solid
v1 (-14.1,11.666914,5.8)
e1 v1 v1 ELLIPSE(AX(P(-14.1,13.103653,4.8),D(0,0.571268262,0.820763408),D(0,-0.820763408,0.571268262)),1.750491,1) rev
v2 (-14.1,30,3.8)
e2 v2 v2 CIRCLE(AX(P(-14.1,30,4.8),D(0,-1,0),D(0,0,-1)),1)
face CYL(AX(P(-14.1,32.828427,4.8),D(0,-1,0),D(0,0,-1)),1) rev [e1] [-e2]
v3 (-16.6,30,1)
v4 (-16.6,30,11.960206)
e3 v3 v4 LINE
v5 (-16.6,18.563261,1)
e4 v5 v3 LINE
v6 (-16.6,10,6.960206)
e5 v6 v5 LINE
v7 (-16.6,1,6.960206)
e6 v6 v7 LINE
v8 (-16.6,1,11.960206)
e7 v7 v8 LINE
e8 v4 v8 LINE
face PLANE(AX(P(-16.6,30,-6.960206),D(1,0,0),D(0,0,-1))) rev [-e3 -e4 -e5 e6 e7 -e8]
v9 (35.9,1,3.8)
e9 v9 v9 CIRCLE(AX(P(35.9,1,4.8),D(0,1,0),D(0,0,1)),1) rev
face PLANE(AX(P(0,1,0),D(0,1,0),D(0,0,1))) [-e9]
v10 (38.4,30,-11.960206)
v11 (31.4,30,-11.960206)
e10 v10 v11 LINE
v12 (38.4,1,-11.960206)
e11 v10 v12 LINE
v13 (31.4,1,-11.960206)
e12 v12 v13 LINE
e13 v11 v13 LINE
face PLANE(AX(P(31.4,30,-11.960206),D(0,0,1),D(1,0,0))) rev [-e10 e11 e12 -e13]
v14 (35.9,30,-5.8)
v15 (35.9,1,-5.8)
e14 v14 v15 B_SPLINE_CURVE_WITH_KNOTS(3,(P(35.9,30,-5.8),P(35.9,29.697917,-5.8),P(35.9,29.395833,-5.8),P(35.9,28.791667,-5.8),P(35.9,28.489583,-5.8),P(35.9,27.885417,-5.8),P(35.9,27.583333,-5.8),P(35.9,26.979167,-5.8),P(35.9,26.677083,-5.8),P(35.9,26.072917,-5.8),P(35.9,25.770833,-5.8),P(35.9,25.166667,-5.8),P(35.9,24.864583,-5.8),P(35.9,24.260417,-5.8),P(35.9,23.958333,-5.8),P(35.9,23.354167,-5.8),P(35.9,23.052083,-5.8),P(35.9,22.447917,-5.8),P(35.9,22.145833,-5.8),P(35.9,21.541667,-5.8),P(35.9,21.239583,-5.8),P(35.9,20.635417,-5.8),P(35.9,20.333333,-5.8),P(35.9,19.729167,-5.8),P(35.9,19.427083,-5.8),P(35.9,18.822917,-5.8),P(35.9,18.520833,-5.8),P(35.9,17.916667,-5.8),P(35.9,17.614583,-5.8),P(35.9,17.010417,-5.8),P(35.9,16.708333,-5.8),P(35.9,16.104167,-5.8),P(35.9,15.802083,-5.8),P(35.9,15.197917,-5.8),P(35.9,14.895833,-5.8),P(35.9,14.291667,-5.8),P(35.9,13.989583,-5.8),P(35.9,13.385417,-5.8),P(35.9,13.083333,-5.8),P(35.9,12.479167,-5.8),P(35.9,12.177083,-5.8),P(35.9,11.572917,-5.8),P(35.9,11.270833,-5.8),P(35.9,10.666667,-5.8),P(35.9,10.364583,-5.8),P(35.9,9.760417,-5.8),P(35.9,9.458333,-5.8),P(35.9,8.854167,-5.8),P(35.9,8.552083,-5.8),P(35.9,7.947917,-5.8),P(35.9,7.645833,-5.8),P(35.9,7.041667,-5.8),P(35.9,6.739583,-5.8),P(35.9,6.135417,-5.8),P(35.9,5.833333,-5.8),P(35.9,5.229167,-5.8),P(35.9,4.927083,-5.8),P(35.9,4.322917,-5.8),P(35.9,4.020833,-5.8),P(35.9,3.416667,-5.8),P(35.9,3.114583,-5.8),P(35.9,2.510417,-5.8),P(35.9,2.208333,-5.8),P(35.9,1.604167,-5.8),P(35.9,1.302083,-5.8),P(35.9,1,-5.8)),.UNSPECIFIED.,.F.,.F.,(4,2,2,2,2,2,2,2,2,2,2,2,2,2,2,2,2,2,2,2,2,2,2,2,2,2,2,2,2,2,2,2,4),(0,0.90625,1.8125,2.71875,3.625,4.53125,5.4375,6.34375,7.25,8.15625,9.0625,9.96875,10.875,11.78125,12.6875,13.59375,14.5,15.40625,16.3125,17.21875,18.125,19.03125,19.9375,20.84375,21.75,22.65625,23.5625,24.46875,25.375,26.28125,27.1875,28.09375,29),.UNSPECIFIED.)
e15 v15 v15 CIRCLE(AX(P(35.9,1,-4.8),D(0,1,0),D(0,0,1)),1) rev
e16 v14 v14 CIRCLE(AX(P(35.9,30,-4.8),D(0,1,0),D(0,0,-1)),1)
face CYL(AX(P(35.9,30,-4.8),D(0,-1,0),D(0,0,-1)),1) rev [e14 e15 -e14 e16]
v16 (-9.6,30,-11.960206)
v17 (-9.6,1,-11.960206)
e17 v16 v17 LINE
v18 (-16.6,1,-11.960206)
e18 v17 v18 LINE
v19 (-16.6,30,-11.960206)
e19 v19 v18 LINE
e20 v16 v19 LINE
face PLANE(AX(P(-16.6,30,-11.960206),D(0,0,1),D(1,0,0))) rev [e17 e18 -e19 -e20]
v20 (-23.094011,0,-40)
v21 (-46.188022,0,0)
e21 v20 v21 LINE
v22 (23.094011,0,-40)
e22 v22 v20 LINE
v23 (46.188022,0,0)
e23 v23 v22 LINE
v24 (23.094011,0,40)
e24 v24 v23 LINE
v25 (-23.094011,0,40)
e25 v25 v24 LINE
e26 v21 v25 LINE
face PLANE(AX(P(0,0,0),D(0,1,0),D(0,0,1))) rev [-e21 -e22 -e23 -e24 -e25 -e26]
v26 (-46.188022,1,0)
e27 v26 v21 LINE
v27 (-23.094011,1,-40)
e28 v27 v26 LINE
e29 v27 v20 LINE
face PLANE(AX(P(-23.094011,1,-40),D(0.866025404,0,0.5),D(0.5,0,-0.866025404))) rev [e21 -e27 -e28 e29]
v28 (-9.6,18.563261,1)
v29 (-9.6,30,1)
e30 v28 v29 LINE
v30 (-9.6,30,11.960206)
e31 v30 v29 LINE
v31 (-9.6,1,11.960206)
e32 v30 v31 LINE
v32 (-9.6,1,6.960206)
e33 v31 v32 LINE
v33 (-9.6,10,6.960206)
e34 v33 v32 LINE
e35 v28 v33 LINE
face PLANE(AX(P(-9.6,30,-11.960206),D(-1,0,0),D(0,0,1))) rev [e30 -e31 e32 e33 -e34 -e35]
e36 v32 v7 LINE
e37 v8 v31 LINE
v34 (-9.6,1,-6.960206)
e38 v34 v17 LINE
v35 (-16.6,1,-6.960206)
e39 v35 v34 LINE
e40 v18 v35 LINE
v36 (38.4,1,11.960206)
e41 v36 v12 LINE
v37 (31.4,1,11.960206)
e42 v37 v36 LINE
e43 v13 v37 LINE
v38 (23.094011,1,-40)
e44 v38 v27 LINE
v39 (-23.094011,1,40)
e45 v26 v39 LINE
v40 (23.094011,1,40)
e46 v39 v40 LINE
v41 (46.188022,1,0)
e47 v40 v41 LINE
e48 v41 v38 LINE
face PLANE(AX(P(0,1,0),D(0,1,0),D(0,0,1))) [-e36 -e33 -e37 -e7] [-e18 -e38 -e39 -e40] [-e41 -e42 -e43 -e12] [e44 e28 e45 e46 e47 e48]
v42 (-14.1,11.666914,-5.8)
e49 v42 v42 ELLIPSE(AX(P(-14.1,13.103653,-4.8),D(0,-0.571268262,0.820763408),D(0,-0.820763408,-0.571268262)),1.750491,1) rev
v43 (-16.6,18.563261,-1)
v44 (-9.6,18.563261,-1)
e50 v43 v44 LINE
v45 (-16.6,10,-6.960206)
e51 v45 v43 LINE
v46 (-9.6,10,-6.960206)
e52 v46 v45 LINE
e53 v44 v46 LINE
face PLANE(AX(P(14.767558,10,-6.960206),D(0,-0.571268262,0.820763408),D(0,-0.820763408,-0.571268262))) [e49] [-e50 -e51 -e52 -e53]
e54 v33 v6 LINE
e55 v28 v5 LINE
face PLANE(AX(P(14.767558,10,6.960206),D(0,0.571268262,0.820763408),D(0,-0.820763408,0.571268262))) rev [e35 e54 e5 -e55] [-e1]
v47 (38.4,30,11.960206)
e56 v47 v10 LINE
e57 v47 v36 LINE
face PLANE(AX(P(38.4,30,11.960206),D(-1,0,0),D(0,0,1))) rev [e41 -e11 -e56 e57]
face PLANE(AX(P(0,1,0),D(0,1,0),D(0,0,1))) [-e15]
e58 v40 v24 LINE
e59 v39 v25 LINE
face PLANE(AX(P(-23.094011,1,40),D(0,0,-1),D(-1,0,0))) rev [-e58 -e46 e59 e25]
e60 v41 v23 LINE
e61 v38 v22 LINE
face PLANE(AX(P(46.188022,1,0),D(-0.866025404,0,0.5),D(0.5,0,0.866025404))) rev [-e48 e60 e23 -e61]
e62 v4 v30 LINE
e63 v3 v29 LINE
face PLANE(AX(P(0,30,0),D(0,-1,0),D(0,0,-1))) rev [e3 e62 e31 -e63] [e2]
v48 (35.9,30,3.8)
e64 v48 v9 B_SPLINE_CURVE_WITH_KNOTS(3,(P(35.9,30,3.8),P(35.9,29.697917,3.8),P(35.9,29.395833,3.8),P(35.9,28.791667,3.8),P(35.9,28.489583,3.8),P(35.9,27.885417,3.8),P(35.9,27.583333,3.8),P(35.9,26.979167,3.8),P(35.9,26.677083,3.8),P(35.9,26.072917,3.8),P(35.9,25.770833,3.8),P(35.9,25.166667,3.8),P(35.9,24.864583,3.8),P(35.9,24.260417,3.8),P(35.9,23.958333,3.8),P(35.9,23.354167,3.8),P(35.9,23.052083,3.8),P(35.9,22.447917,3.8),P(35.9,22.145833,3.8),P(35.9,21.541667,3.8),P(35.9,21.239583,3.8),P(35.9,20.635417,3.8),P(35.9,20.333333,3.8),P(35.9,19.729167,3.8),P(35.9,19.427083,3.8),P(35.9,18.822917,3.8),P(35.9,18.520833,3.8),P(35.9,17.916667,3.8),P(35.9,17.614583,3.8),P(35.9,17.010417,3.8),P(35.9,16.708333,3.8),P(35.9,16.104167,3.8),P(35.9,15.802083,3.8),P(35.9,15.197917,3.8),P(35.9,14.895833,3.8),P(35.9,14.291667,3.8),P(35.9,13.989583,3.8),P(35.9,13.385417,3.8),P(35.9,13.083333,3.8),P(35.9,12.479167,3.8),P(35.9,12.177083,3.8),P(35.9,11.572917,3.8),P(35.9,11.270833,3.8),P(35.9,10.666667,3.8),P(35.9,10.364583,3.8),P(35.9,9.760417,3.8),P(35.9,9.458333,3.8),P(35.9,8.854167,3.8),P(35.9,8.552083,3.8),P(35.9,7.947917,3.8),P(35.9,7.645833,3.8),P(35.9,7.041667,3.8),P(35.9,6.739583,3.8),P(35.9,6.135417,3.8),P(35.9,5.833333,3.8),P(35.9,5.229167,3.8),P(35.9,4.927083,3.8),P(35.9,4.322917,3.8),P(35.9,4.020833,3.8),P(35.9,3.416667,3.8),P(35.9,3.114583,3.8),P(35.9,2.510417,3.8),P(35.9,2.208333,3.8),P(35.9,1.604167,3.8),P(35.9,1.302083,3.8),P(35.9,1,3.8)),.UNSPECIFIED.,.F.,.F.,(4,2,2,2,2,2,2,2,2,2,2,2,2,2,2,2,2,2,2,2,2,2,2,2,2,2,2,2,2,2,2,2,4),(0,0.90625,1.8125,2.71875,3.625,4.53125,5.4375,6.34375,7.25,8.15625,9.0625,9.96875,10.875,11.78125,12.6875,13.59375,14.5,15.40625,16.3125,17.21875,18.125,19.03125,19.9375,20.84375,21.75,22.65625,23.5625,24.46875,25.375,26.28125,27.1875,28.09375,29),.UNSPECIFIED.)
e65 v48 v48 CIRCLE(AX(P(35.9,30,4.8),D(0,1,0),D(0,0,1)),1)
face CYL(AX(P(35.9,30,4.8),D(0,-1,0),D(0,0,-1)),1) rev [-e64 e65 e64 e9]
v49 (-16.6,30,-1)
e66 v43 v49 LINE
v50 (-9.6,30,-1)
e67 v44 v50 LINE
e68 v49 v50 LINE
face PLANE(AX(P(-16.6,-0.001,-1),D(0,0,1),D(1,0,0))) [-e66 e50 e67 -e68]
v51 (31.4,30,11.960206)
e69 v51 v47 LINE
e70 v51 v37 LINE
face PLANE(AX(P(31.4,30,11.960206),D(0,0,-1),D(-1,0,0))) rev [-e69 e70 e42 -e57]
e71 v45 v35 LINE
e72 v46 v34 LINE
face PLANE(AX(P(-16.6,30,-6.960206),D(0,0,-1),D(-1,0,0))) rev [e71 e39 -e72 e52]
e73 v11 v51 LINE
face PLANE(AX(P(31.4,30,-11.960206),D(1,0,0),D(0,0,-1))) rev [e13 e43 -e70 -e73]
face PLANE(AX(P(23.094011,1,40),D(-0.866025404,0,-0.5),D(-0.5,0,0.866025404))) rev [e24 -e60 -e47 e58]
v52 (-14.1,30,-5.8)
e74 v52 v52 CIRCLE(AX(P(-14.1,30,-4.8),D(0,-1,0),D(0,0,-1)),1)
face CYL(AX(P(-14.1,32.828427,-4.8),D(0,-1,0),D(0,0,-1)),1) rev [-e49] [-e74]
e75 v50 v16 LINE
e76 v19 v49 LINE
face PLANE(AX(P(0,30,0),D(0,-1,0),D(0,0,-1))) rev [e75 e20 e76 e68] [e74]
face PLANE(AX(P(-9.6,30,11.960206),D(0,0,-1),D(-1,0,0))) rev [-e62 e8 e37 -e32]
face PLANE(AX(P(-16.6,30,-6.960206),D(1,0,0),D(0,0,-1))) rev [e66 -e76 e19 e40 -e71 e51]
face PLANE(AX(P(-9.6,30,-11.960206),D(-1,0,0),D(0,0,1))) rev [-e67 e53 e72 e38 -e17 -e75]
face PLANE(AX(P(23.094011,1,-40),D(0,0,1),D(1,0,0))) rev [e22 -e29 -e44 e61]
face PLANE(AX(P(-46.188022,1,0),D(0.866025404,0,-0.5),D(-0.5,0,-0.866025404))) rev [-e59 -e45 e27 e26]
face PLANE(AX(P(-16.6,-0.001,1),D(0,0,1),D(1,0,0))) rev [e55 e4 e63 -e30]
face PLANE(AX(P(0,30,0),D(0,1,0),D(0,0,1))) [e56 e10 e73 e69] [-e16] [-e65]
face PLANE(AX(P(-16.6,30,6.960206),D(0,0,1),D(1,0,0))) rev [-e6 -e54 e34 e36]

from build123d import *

# Parameters (mm, degrees)
BOSS_EXTRUDE1_DEPTH = 1
SKETCH2_R           = 1
SKETCH2_W           = 7
SKETCH2_H           = 23.92041254
SKETCH2_H_2         = 5
BOSS_EXTRUDE4_DEPTH = 29
BOSS_EXTRUDE5_DEPTH = 7
SKETCH2_4_R         = 1
CUT_EXTRUDE1_DEPTH  = 29
CUT_EXTRUDE2_REACH  = 70.069
SKETCH5_W           = 7
SKETCH5_H           = 2


with BuildPart() as part:
    # Sketch1 → Boss-Extrude1 (new body)
    with BuildSketch(Plane(origin=(0, 0, 0), x_dir=(1, 0, 0), z_dir=(0, 1, 0))):
        Polygon((46.188021535, 0), (23.094010768, 40), (-23.094010768, 40), (-46.188021535, 0), (-23.094010768, -40), (23.094010768, -40), align=None)
    extrude(amount=BOSS_EXTRUDE1_DEPTH)

    # Sketch2 → Boss-Extrude4 (add)
    # profile 1 of 5: a face of its own
    with BuildSketch(Plane(origin=(0, 1, 0), x_dir=(1, 0, 0), z_dir=(0, 1, 0))):
        with Locations(Location((-14.1, -4.8, 0), (0, 0, 90))):
            Circle(SKETCH2_R)
    # profile 2 of 5: a face of its own
    with BuildSketch(Plane(origin=(0, 1, 0), x_dir=(1, 0, 0), z_dir=(0, 1, 0))):
        with Locations(Location((-14.1, 4.8, 0), (0, 0, 90))):
            Circle(SKETCH2_R)
    # profile 3 of 5: a face of its own
    with BuildSketch(Plane(origin=(0, 1, 0), x_dir=(1, 0, 0), z_dir=(0, 1, 0))):
        with Locations((34.9, 0)):
            Rectangle(SKETCH2_W, SKETCH2_H)
        with Locations(Location((35.9, -4.8, 0), (0, 0, 90))):
            Circle(SKETCH2_R, mode=Mode.SUBTRACT)
        with Locations(Location((35.9, 4.8, 0), (0, 0, 90))):
            Circle(SKETCH2_R, mode=Mode.SUBTRACT)
    # profile 4 of 5: a face of its own
    with BuildSketch(Plane(origin=(0, 1, 0), x_dir=(1, 0, 0), z_dir=(0, 1, 0))):
        with Locations((-13.1, 9.46020627)):
            Rectangle(SKETCH2_W, SKETCH2_H_2)
    # profile 5 of 5: a face of its own
    with BuildSketch(Plane(origin=(0, 1, 0), x_dir=(1, 0, 0), z_dir=(0, 1, 0))):
        with Locations((-13.1, -9.46020627)):
            Rectangle(SKETCH2_W, SKETCH2_H_2)
    extrude(amount=BOSS_EXTRUDE4_DEPTH)

    # Sketch4 → Boss-Extrude5 (add)
    with BuildSketch(Plane.ZY.offset(16.6)):
        Polygon((-6.96020627, 10), (0, 20), (6.96020627, 10), (6.96020627, 30), (-6.96020627, 30), align=None)
    extrude(amount=-BOSS_EXTRUDE5_DEPTH)

    # Sketch2<4> → Cut-Extrude1 (cut)
    with BuildSketch(Plane(origin=(0, 1, 0), x_dir=(1, 0, 0), z_dir=(0, 1, 0))):
        with Locations(Location((-14.1, -4.8, 0), (0, 0, 90))):
            Circle(SKETCH2_4_R)
        with Locations(Location((-14.1, 4.8, 0), (0, 0, 90))):
            Circle(SKETCH2_4_R)
    extrude(amount=CUT_EXTRUDE1_DEPTH, mode=Mode.SUBTRACT)

    # Sketch5 → Cut-Extrude2 (cut, up to next)
    with BuildSketch(Plane(origin=(0, 30, 0), x_dir=(1, 0, 0), z_dir=(0, 1, 0)), mode=Mode.PRIVATE) as cut_extrude2_sk1:
        with Locations((-13.1, 0)):
            Rectangle(SKETCH5_W, SKETCH5_H)
    cut_extrude2_tool1 = extrude(cut_extrude2_sk1.sketch, amount=-CUT_EXTRUDE2_REACH, mode=Mode.PRIVATE) & part.part
    add(cut_extrude2_tool1.solids().sort_by_distance((-13.1, 30, 0))[0], mode=Mode.SUBTRACT)


solid = part.part
